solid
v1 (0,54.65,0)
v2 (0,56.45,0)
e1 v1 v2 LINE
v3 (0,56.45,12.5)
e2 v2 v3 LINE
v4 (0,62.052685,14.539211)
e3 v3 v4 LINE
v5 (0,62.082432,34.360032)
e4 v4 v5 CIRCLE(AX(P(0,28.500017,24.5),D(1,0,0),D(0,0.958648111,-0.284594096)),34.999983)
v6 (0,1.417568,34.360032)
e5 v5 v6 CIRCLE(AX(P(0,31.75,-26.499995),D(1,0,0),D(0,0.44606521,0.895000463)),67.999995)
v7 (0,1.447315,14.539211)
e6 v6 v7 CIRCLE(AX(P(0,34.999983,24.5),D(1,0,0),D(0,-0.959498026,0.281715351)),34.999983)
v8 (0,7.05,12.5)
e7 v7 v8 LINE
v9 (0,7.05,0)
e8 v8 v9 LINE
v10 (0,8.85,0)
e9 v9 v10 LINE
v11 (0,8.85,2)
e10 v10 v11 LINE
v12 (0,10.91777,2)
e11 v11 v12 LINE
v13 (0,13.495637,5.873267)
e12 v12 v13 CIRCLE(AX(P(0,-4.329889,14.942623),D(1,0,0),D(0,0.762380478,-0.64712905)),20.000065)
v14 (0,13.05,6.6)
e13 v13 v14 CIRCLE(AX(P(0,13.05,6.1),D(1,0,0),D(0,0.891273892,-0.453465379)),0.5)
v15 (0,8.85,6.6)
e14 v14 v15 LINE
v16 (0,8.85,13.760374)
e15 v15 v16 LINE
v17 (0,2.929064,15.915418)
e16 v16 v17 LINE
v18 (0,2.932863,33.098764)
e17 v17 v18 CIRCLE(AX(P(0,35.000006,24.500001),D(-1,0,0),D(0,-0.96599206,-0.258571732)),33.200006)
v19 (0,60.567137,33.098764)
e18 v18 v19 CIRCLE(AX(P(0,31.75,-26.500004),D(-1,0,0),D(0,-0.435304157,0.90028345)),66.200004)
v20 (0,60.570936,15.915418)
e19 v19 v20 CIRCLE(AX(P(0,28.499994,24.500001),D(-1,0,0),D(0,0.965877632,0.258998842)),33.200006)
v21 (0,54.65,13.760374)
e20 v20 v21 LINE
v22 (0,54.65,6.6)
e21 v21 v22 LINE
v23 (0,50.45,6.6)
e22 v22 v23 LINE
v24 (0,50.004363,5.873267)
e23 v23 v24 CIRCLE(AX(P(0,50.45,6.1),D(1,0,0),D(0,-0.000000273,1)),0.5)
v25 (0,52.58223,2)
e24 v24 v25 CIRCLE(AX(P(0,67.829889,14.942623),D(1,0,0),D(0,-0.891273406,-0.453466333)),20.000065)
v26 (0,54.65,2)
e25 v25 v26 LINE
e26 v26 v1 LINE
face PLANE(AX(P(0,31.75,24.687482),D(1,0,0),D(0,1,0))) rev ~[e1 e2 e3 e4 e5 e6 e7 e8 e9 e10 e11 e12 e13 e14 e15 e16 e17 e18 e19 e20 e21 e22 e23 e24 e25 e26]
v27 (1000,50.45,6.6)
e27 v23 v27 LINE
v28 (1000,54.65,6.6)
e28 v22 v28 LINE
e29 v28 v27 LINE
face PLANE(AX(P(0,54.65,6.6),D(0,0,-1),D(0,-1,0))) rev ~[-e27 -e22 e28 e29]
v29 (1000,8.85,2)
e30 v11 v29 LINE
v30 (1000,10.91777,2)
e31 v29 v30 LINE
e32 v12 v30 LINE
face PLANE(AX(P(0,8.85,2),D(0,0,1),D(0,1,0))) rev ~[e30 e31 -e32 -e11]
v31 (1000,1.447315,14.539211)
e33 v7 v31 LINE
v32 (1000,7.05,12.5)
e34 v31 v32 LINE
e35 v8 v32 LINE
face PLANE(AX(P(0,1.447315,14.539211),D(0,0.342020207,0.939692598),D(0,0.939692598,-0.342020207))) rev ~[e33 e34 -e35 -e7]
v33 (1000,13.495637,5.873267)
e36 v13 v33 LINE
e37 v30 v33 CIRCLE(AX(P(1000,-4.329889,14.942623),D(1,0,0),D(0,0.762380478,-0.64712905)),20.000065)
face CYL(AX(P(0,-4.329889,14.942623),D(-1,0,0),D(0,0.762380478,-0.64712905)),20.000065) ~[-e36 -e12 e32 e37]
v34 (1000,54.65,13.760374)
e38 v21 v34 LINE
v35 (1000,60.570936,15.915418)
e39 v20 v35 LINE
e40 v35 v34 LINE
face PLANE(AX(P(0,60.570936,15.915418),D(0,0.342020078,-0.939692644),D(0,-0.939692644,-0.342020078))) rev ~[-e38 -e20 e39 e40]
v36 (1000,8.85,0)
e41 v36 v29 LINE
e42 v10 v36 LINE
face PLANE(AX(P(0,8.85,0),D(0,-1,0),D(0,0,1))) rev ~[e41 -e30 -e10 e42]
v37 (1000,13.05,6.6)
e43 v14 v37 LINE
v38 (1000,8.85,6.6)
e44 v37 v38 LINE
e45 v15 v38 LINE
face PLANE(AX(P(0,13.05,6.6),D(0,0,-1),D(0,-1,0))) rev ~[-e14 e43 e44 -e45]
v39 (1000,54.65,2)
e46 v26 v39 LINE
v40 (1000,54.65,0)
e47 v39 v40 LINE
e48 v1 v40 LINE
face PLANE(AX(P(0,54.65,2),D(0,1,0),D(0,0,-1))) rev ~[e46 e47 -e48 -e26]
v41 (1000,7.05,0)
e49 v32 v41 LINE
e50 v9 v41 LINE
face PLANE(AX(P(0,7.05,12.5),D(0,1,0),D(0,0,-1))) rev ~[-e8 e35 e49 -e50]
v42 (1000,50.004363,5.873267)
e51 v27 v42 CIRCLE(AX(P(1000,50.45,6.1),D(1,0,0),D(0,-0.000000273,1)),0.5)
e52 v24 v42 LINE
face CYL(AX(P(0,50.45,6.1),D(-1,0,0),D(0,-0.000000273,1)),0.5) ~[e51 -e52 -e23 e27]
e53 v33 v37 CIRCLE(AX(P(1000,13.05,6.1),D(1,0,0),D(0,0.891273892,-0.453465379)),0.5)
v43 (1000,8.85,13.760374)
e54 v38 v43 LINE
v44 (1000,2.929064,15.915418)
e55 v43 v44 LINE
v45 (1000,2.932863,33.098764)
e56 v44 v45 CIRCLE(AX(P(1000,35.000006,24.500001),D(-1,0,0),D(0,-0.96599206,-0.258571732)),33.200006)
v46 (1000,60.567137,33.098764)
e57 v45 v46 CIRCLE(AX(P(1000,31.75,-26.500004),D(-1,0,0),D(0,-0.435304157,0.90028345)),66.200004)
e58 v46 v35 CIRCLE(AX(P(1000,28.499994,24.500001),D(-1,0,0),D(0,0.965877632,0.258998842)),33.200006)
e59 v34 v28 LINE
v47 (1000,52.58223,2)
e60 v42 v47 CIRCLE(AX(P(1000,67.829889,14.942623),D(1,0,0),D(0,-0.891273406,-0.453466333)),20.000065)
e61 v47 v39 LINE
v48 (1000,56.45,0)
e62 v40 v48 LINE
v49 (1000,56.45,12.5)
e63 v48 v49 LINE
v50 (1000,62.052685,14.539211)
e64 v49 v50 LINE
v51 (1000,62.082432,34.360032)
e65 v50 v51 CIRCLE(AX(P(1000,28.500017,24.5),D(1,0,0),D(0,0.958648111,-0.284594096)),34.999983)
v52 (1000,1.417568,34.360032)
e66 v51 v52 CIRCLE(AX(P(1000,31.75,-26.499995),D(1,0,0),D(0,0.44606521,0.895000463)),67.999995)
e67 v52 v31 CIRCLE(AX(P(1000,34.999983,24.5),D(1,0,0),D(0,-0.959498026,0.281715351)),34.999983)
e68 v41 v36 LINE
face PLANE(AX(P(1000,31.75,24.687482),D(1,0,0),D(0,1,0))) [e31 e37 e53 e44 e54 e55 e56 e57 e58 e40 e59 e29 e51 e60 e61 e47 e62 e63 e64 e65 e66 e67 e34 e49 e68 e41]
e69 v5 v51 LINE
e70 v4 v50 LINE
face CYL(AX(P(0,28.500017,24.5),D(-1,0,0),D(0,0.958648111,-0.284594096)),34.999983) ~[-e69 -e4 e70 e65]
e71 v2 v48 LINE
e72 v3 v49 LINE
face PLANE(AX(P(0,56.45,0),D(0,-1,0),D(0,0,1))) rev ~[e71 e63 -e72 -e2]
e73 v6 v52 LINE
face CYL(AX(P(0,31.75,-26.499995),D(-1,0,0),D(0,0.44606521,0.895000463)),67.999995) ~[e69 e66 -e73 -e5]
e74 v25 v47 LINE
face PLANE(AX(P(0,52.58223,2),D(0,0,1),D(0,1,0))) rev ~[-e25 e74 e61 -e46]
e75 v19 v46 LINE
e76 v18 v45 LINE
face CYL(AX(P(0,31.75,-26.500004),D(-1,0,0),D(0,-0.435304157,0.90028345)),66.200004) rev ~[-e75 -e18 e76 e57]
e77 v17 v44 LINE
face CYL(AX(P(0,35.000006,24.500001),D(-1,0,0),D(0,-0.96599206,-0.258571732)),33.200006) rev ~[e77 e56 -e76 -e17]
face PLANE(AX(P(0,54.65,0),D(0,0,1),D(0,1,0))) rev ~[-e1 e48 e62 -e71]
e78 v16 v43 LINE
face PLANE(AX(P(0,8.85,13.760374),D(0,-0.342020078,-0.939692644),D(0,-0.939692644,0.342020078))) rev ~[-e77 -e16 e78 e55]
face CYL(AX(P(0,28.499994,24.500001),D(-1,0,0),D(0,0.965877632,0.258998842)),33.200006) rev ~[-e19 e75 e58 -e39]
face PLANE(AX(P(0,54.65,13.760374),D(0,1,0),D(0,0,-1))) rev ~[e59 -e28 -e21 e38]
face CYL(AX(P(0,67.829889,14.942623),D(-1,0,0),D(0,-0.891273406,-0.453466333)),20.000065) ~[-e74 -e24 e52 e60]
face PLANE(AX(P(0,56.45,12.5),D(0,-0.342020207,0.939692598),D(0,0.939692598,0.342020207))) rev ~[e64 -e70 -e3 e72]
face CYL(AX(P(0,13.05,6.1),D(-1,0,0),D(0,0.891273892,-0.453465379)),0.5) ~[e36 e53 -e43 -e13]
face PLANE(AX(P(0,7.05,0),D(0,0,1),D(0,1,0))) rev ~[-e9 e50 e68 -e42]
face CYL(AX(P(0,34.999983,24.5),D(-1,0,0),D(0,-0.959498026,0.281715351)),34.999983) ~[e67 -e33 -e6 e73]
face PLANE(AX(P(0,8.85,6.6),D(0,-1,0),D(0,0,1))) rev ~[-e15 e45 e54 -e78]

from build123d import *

# Parameters (mm, degrees)
F1_DEPTH = 1000


with BuildPart() as f1:
    # F0 (on Right) → F1 (new body)
    with BuildSketch(Plane.YZ):
        with BuildLine():
            Line((56.45, 0), (56.45, 12.5))
            Line((56.45, 12.5), (62.052685, 14.539211))
            ThreePointArc((62.052685, 14.539211), (63.499961, 24.447472), (62.082432, 34.360032))
            ThreePointArc((62.082432, 34.360032), (31.75, 41.5), (1.417568, 34.360032))
            ThreePointArc((1.417568, 34.360032), (3.9e-05, 24.447472), (1.447315, 14.539211))
            Line((1.447315, 14.539211), (7.05, 12.5))
            Line((7.05, 12.5), (7.05, 0))
            Line((7.05, 0), (8.85, 0))
            Line((8.85, 0), (8.85, 2))
            Line((8.85, 2), (10.91777, 2))
            ThreePointArc((10.91777, 2), (12.319719, 3.861416), (13.495637, 5.873267))
            ThreePointArc((13.495637, 5.873267), (13.476243, 6.361375), (13.05, 6.6))
            Line((13.05, 6.6), (8.85, 6.6))
            Line((8.85, 6.6), (8.85, 13.760374))
            Line((8.85, 13.760374), (2.929064, 15.915418))
            ThreePointArc((2.929064, 15.915418), (1.800001, 24.507341), (2.932863, 33.098764))
            ThreePointArc((2.932863, 33.098764), (31.75, 39.7), (60.567137, 33.098764))
            ThreePointArc((60.567137, 33.098764), (61.699999, 24.507341), (60.570936, 15.915418))
            Line((60.570936, 15.915418), (54.65, 13.760374))
            Line((54.65, 13.760374), (54.65, 6.6))
            Line((54.65, 6.6), (50.45, 6.6))
            ThreePointArc((50.45, 6.6), (50.023757, 6.361375), (50.004363, 5.873267))
            ThreePointArc((50.004363, 5.873267), (51.180281, 3.861416), (52.58223, 2))
            Line((52.58223, 2), (54.65, 2))
            Line((54.65, 2), (54.65, 0))
            Line((54.65, 0), (56.45, 0))
        make_face()
    extrude(amount=F1_DEPTH)


solid = f1.part
